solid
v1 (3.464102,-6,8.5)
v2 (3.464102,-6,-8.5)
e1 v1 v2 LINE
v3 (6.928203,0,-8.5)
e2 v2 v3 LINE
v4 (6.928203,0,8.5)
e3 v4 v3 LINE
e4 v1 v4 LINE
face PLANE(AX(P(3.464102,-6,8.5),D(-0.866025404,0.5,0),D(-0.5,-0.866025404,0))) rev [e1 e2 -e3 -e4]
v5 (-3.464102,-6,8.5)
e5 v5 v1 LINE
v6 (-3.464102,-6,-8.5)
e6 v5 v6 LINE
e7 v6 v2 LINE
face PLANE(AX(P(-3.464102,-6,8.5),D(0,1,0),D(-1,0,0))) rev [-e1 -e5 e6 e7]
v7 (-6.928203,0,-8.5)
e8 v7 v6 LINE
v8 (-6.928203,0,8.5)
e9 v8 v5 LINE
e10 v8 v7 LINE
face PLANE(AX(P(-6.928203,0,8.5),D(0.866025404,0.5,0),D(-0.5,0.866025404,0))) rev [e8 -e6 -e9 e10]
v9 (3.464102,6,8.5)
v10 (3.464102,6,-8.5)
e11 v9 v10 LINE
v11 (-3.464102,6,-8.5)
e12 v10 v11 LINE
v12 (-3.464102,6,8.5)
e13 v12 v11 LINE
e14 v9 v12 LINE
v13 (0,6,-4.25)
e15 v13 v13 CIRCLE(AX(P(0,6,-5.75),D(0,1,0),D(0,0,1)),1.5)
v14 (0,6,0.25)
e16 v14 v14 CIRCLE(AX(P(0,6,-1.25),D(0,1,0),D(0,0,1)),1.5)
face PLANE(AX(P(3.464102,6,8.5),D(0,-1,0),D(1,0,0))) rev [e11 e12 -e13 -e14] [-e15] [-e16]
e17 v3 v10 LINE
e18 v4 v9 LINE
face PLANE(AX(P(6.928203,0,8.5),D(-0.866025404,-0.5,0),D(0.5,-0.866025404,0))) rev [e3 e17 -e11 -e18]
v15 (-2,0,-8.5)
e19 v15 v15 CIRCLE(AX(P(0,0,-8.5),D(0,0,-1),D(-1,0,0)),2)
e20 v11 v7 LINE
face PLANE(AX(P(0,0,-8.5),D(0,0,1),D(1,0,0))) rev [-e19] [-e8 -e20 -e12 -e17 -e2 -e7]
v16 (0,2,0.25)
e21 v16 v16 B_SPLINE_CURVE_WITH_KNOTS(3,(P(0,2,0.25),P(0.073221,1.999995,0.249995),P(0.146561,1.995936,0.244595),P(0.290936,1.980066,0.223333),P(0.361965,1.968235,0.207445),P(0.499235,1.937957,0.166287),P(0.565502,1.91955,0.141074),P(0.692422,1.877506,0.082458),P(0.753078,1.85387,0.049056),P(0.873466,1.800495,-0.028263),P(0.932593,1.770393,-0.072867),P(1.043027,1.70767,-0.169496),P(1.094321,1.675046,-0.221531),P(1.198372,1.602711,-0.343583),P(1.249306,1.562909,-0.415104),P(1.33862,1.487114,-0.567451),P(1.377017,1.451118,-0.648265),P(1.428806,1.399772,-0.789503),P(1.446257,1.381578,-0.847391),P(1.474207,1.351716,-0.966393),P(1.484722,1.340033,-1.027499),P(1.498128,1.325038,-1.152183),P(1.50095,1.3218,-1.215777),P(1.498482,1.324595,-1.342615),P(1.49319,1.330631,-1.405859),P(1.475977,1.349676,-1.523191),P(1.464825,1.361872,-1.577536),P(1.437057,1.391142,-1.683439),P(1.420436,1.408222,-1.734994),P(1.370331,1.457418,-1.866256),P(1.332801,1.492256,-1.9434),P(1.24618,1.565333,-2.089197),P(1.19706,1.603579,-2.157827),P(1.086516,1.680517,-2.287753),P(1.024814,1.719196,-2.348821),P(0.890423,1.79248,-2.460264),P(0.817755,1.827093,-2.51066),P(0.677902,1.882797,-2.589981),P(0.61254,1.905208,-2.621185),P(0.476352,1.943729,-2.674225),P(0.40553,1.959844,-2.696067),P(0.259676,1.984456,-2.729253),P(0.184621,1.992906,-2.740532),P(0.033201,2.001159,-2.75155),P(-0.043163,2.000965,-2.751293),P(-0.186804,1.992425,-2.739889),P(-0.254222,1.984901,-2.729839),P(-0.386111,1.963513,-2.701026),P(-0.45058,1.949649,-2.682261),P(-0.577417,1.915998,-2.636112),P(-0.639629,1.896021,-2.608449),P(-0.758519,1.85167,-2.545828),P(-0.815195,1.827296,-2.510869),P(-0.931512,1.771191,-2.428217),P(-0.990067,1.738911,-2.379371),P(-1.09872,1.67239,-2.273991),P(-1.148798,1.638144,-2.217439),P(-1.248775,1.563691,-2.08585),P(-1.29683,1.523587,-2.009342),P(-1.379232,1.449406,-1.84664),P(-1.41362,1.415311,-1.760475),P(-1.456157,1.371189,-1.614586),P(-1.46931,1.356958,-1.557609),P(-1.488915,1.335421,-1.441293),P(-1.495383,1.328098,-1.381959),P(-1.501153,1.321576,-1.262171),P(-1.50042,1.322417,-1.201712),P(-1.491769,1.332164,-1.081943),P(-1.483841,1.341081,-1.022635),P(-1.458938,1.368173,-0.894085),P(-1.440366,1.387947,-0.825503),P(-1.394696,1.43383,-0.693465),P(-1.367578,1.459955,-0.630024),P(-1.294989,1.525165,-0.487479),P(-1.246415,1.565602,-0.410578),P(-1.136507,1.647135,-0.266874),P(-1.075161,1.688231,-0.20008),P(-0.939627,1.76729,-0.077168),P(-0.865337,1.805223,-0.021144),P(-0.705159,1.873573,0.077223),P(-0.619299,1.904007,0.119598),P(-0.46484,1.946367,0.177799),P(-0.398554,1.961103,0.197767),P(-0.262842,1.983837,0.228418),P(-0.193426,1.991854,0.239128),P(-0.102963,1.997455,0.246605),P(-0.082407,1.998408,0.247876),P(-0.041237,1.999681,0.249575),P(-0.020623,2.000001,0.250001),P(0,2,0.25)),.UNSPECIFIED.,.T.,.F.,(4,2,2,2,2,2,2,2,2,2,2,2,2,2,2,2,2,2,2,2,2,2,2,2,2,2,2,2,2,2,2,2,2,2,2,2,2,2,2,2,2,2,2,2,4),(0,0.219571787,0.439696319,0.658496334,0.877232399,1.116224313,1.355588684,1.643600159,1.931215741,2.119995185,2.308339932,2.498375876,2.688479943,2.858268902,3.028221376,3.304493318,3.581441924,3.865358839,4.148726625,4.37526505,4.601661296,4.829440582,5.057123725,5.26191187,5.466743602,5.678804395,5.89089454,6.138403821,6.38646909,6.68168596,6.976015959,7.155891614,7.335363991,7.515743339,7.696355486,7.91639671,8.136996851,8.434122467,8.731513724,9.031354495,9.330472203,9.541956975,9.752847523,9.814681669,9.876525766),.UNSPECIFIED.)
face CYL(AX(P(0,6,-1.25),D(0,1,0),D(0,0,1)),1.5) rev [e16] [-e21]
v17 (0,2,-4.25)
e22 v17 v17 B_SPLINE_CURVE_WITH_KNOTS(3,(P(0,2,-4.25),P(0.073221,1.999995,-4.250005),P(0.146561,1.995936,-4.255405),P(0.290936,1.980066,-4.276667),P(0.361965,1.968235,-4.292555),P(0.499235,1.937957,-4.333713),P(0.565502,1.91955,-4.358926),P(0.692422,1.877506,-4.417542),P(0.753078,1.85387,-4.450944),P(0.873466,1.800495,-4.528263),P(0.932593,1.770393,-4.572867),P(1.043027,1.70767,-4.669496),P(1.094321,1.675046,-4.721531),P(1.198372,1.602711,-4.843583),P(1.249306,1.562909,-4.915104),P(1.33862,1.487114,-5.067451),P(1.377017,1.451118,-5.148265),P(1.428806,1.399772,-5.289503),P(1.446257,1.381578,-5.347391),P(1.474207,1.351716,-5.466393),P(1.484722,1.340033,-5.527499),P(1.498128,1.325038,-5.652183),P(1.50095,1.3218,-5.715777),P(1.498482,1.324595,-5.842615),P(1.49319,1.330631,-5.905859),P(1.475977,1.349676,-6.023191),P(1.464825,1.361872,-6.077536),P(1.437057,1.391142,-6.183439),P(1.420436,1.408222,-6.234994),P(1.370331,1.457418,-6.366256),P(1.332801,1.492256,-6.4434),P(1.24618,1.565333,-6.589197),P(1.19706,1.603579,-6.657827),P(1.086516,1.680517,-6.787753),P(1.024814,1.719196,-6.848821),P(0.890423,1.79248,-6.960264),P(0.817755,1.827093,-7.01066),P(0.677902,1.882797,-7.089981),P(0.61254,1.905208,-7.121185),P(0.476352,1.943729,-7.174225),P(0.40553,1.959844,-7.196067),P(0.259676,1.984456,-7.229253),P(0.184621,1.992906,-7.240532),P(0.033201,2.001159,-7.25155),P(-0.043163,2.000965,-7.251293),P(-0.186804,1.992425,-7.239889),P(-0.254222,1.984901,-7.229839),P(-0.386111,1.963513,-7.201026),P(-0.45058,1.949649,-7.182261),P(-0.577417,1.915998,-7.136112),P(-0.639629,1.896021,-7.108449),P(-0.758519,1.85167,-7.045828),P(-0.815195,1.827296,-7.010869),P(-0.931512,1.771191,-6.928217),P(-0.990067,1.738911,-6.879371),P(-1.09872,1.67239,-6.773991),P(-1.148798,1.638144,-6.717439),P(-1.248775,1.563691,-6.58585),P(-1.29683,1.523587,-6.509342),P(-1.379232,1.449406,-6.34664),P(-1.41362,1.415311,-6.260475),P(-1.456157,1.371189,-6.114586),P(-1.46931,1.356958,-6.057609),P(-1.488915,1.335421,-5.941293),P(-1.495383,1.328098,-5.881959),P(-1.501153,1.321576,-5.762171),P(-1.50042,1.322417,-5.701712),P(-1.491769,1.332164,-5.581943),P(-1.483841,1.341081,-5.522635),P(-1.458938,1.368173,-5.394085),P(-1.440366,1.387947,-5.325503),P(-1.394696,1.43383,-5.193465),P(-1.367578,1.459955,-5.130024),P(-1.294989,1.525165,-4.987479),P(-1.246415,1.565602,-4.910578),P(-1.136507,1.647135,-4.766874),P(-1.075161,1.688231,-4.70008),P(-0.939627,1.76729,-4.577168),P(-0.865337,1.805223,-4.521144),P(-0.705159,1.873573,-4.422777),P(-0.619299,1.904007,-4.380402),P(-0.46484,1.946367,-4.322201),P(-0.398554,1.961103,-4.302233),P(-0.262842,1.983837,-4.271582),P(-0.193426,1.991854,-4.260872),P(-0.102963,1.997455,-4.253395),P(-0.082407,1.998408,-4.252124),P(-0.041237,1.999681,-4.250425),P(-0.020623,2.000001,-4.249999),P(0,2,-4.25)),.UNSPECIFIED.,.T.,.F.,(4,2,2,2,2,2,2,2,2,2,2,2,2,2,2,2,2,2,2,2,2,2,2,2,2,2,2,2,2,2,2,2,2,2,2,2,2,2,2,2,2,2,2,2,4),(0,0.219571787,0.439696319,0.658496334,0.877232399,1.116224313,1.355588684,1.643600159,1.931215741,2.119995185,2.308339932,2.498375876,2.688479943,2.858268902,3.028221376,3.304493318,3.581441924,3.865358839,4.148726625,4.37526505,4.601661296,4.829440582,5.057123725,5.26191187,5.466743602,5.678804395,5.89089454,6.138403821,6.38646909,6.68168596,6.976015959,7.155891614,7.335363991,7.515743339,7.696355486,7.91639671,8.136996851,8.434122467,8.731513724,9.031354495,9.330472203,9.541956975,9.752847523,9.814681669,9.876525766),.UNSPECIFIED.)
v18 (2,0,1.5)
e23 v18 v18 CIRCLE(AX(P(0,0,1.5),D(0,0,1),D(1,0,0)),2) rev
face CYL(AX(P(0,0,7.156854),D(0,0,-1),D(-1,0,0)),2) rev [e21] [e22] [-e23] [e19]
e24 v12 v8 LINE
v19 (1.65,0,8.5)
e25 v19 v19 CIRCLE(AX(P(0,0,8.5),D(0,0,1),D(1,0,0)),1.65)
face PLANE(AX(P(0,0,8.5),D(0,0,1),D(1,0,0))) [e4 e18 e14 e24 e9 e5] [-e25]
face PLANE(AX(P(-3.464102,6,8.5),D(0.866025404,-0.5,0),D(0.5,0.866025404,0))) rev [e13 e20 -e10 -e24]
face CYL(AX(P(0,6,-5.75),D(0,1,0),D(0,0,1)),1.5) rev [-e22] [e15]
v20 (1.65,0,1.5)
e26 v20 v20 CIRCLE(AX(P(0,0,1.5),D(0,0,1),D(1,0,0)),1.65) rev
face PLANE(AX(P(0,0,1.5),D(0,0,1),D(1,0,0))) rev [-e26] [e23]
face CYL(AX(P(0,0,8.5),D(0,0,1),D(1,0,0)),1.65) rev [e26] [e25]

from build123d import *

# Parameters (mm, degrees)
BOSS_EXTRUDE1_DEPTH        = 8.5
CUT_EXTRUDE1_START         = -10
SKETCH2_R                  = 2
CUT_EXTRUDE1_DEPTH         = 10
M4X0_7_TAPPED_HOLE1_D      = 3.3
M4X0_7_TAPPED_HOLE1_DEPTH  = 7
M4X0_7_TAPPED_HOLE1_TIP    = 0.991420021
M3X0_5_TAPPED_HOLE1_REACH  = 18.256
M3X0_5_TAPPED_HOLE1_BORE_R = 1.5


with BuildPart() as part:
    # Sketch1 → Boss-Extrude1 (new, symmetric)
    with BuildSketch(Plane.XY):
        Polygon((3.464101615, 6), (-3.464101615, 6), (-6.92820323, 0), (-3.464101615, -6), (3.464101615, -6), (6.92820323, 0), align=None)
    extrude(amount=BOSS_EXTRUDE1_DEPTH, both=True)

    # Sketch2 → Cut-Extrude1 (cut)
    with BuildSketch(Plane(origin=(0, 0, -8.5), x_dir=(-1, 0, 0), z_dir=(0, 0, -1)).offset(CUT_EXTRUDE1_START)):
        Circle(SKETCH2_R)
    extrude(amount=CUT_EXTRUDE1_DEPTH, mode=Mode.SUBTRACT)

    # M4x0.7 Tapped Hole1
    with Locations(Plane.XY.offset(8.5)):
        with Locations((0, 0)):
            Hole(M4X0_7_TAPPED_HOLE1_D / 2, depth=M4X0_7_TAPPED_HOLE1_DEPTH)
            with Locations((0, 0, -(M4X0_7_TAPPED_HOLE1_DEPTH + M4X0_7_TAPPED_HOLE1_TIP / 2))):  # 118° drill point
                Cone(0, M4X0_7_TAPPED_HOLE1_D / 2, M4X0_7_TAPPED_HOLE1_TIP, mode=Mode.SUBTRACT)

    # M3x0.5 Tapped Hole1 bore → M3x0.5 Tapped Hole1 (cut, up to next)
    with BuildSketch(Plane(origin=(0, 6, 0), x_dir=(1, 0, 0), z_dir=(0, 1, 0)), mode=Mode.PRIVATE) as m3x0_5_tapped_hole1_sk1:
        with Locations((0, 5.75)):
            Circle(M3X0_5_TAPPED_HOLE1_BORE_R)
    m3x0_5_tapped_hole1_tool1 = extrude(m3x0_5_tapped_hole1_sk1.sketch, amount=-M3X0_5_TAPPED_HOLE1_REACH, mode=Mode.PRIVATE) & part.part
    # M3x0.5 Tapped Hole1 bore → M3x0.5 Tapped Hole1 (cut, up to next)
    with BuildSketch(Plane(origin=(0, 6, 0), x_dir=(1, 0, 0), z_dir=(0, 1, 0)), mode=Mode.PRIVATE) as m3x0_5_tapped_hole1_sk2:
        with Locations((0, 1.25)):
            Circle(M3X0_5_TAPPED_HOLE1_BORE_R)
    m3x0_5_tapped_hole1_tool2 = extrude(m3x0_5_tapped_hole1_sk2.sketch, amount=-M3X0_5_TAPPED_HOLE1_REACH, mode=Mode.PRIVATE) & part.part
    add(m3x0_5_tapped_hole1_tool1.solids().sort_by_distance((0, 6, -5.75))[0], mode=Mode.SUBTRACT)
    add(m3x0_5_tapped_hole1_tool2.solids().sort_by_distance((0, 6, -1.25))[0], mode=Mode.SUBTRACT)


solid = part.part
